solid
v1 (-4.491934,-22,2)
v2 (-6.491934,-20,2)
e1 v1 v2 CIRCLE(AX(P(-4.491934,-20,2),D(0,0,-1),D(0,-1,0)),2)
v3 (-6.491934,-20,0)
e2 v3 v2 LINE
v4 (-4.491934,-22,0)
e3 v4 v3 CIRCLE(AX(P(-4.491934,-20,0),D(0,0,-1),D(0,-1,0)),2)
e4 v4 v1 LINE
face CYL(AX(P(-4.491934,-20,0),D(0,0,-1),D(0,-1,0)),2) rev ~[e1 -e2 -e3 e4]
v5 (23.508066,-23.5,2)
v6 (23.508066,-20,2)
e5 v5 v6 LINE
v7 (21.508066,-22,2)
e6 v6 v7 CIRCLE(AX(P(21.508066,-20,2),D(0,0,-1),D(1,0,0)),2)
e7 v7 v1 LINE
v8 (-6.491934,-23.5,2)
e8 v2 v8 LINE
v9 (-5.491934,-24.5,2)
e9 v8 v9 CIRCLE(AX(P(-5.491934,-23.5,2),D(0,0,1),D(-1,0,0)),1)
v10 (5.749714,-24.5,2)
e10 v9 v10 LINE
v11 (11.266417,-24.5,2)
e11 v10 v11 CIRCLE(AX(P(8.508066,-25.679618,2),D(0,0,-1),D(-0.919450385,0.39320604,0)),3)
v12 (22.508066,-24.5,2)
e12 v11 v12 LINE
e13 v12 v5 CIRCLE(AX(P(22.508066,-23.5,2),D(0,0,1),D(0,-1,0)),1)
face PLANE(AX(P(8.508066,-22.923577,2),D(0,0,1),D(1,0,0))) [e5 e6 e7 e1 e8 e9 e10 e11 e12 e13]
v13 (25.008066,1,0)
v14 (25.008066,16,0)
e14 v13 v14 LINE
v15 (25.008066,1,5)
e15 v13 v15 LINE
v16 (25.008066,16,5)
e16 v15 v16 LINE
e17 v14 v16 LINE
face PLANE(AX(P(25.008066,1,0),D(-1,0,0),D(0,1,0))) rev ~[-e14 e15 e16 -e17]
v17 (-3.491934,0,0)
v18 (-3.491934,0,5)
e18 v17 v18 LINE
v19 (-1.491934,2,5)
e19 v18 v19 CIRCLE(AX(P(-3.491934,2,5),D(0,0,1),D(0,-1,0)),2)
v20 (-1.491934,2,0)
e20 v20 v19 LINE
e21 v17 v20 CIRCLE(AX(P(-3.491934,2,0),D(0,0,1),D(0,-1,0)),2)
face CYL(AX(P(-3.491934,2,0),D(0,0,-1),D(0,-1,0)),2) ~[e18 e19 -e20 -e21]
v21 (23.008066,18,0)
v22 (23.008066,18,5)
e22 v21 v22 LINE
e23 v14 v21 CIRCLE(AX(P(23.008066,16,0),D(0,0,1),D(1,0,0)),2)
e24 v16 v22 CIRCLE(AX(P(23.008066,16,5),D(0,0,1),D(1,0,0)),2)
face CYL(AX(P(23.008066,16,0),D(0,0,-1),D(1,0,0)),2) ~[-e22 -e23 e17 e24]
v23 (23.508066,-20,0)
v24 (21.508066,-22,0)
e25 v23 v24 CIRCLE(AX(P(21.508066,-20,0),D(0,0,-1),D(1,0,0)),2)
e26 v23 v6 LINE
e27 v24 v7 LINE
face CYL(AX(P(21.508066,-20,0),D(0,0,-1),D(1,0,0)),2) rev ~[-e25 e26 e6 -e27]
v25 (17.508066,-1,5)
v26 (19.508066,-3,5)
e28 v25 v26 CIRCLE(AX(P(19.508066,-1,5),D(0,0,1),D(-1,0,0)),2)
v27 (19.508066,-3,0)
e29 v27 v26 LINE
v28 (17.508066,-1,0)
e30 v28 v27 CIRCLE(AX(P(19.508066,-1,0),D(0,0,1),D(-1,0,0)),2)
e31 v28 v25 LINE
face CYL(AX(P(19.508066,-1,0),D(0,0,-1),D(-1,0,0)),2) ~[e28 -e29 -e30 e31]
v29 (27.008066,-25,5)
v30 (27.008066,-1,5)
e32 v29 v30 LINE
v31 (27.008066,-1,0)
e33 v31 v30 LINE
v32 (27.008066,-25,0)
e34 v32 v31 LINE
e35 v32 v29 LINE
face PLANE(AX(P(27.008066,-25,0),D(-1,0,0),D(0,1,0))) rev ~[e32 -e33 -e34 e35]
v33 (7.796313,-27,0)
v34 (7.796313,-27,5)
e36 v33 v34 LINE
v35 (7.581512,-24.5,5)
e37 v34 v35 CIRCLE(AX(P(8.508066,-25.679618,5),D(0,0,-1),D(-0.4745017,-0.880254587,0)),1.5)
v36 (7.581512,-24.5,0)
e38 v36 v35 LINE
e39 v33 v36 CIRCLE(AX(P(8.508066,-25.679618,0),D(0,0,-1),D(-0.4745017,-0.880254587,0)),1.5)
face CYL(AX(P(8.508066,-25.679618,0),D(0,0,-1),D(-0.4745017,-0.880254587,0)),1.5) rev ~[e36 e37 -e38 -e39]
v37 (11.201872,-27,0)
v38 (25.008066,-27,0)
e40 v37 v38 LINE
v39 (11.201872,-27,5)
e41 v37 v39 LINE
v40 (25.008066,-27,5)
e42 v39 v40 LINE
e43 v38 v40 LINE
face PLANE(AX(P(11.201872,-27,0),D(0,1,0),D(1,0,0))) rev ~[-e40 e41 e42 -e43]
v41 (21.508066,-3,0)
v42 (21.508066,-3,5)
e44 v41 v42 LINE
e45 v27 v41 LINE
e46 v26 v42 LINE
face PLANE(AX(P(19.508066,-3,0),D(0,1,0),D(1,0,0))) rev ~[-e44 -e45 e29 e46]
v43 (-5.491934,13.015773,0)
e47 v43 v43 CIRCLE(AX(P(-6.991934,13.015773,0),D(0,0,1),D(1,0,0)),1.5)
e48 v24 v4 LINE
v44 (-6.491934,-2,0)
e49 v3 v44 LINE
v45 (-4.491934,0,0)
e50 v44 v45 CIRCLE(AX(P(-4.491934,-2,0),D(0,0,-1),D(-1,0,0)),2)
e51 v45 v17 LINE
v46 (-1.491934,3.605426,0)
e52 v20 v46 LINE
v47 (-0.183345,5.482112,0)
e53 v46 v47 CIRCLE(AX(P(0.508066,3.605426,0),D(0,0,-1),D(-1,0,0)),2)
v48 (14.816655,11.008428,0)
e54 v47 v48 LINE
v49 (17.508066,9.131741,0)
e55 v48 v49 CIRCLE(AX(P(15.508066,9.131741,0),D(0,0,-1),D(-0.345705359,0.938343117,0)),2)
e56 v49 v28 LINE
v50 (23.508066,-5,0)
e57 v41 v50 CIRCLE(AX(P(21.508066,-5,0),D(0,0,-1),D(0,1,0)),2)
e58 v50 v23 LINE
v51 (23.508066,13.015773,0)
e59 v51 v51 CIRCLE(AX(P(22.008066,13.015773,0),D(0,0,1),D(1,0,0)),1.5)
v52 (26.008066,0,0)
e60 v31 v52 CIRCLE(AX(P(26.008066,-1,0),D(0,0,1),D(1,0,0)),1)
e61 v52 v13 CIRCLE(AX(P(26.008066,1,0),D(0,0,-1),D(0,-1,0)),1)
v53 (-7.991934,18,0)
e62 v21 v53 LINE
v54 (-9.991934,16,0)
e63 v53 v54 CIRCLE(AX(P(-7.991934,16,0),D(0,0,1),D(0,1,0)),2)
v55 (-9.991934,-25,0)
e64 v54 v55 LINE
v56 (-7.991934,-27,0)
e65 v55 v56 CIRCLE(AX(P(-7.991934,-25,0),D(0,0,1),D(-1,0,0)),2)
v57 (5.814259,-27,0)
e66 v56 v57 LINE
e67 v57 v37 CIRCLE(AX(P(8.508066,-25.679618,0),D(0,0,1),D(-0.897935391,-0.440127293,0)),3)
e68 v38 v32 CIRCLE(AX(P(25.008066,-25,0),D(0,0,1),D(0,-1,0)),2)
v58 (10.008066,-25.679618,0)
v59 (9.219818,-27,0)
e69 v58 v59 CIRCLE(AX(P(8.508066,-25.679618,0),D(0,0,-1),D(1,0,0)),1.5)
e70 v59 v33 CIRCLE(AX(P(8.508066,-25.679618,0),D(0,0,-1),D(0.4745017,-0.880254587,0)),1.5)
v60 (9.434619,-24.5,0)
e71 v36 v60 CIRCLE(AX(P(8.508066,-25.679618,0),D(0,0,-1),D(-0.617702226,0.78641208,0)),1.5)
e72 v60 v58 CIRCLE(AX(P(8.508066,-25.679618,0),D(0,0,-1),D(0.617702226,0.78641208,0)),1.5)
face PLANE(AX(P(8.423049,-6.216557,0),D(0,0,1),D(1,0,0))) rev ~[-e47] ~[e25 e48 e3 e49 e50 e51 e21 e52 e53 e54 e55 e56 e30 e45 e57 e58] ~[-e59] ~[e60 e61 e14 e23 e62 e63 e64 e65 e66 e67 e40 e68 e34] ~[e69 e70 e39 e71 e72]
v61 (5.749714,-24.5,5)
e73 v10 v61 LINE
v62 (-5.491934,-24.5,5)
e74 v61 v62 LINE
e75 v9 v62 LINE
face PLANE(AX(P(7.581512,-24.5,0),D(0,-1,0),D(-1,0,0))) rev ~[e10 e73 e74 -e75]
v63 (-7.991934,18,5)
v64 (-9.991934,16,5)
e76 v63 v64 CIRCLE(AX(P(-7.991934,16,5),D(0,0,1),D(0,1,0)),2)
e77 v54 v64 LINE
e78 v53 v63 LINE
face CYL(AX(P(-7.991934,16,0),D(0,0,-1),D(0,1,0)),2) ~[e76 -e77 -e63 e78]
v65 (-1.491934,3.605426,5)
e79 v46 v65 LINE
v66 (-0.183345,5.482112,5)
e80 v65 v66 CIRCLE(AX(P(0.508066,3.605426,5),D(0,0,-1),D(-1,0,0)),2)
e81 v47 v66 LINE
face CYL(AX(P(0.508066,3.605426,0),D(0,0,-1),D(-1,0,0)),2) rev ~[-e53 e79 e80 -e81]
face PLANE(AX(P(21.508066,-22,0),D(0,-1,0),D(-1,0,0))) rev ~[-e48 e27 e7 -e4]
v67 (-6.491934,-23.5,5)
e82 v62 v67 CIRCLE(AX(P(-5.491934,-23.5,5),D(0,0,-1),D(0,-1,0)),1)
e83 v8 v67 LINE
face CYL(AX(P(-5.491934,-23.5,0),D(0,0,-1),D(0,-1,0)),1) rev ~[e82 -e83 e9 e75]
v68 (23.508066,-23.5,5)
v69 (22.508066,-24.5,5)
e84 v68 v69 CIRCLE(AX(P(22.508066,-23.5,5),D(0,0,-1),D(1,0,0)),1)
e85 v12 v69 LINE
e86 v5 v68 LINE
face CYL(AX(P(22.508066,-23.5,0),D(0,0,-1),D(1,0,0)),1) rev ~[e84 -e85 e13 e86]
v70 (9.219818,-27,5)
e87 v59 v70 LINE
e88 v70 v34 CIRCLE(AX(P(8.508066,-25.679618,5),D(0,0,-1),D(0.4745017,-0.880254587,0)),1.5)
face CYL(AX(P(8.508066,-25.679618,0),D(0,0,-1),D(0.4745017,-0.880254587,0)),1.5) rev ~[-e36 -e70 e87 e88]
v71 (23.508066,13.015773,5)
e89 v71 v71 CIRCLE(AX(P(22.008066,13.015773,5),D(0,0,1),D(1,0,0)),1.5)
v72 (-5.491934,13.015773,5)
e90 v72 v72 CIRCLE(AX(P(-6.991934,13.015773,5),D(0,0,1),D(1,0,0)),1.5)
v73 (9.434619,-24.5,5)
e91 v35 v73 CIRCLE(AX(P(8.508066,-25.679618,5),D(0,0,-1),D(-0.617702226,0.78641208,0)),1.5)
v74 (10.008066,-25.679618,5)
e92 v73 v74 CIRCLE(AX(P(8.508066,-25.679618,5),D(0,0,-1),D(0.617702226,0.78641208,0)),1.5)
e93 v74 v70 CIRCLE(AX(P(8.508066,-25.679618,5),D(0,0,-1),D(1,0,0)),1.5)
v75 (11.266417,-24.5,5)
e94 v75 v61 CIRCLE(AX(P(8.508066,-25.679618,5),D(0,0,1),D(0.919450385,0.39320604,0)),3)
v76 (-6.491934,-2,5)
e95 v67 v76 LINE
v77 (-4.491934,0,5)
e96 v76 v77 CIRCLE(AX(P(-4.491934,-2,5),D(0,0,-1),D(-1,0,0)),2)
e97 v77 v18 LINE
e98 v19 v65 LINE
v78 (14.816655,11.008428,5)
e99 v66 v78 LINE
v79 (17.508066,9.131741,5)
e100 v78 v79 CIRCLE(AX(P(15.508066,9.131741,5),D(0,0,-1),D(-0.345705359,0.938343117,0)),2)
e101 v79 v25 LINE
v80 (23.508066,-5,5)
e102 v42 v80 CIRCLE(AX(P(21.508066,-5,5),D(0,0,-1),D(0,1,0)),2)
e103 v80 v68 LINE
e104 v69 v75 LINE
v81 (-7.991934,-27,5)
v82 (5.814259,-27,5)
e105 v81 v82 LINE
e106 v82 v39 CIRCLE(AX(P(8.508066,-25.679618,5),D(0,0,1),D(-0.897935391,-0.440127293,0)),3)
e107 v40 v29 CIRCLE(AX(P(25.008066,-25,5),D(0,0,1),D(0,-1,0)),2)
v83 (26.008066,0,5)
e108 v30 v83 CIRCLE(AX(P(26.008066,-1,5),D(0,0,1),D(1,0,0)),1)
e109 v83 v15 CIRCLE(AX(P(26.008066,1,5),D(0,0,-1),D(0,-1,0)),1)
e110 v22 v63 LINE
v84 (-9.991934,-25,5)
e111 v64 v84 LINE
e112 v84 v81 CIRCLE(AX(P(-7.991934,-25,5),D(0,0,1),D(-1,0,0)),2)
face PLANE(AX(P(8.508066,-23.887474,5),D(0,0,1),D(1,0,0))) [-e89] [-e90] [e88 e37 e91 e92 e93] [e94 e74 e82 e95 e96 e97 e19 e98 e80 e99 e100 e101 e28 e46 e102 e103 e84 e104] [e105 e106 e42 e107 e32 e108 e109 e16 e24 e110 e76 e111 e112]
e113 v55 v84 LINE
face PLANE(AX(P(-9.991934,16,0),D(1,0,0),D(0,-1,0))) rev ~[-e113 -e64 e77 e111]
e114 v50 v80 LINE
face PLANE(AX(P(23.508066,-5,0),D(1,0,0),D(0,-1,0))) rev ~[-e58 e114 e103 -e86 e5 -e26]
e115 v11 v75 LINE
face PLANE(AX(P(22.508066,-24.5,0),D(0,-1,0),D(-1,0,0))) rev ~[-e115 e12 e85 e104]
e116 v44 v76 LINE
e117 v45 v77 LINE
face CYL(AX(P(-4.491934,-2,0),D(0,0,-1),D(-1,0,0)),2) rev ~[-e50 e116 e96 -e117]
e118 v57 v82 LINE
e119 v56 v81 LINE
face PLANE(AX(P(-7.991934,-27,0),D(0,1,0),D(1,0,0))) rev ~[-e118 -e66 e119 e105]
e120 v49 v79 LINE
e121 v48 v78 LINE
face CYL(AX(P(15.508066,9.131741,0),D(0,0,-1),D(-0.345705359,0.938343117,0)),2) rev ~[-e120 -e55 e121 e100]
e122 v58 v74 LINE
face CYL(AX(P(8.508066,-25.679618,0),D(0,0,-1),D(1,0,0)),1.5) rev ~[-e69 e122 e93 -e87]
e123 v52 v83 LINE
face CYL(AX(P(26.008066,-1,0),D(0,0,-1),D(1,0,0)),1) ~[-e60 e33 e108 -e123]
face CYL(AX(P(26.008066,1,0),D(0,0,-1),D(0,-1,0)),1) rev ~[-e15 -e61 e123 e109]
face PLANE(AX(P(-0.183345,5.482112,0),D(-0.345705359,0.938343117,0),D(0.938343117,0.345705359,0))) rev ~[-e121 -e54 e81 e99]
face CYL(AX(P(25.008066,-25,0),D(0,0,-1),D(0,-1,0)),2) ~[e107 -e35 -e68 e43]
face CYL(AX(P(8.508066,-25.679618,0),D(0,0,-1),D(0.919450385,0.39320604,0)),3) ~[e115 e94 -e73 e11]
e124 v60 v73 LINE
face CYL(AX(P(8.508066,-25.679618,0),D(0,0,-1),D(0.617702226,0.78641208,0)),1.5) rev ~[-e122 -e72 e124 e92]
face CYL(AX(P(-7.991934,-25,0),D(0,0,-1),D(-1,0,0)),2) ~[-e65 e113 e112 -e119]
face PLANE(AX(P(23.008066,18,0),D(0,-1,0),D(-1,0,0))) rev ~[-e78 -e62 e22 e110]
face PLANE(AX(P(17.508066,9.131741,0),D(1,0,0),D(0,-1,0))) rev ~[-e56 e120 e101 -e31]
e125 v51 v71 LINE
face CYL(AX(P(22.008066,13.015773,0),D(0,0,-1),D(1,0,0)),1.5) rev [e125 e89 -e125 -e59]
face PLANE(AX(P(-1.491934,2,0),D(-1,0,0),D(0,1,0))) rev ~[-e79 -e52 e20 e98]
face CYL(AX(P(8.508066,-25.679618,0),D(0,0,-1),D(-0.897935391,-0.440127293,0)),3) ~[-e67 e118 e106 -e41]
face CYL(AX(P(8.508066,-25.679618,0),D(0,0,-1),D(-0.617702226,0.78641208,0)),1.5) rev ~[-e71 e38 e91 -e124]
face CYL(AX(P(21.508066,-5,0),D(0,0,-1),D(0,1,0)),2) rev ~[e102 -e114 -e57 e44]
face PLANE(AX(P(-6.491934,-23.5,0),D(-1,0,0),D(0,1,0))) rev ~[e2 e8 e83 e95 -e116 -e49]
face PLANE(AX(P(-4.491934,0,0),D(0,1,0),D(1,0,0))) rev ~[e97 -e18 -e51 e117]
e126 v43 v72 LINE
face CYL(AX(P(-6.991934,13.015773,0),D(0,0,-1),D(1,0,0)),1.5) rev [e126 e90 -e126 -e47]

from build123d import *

# Parameters (mm, degrees)
F1_DEPTH = 2
F0_R     = 3
F0_R_2   = 1.5
F2_DEPTH = 5
F3_DEPTH = 5


with BuildPart() as f1:
    # F0 (on Top) → F1 (new body)
    with BuildSketch(Plane.XY):
        with BuildLine():
            Line((-5.4919344625, -24.5), (5.7497143832, -24.5))
            ThreePointArc((5.7497143832, -24.5), (8.5080655375, -22.6796181202), (11.2664166918, -24.5))
            Line((11.2664166918, -24.5), (22.5080655375, -24.5))
            ThreePointArc((22.5080655375, -24.5), (23.2151723187, -24.2071067812), (23.5080655375, -23.5))
            Line((23.5080655375, -23.5), (23.5080655375, -20))
            ThreePointArc((23.5080655375, -20), (22.9222790999, -21.4142135624), (21.5080655375, -22))
            Line((21.5080655375, -22), (-4.4919344625, -22))
            ThreePointArc((-4.4919344625, -22), (-5.9061480249, -21.4142135624), (-6.4919344625, -20))
            Line((-6.4919344625, -20), (-6.4919344625, -23.5))
            ThreePointArc((-6.4919344625, -23.5), (-6.1990412437, -24.2071067812), (-5.4919344625, -24.5))
        make_face()
    extrude(amount=F1_DEPTH)

    # F0 (on Top) → F2 (join)
    with BuildSketch(Plane.XY):
        with BuildLine():
            Line((23.0080655375, 18), (-7.9919344625, 18))
            ThreePointArc((-7.9919344625, 18), (-9.4061480249, 17.4142135624), (-9.9919344625, 16))
            Line((-9.9919344625, 16), (-9.9919344625, 13.0157731473))
            Line((-9.9919344625, 13.0157731473), (-9.9919344625, -25))
            ThreePointArc((-9.9919344625, -25), (-9.4061480249, -26.4142135624), (-7.9919344625, -27))
            Line((-7.9919344625, -27), (5.8142593657, -27))
            ThreePointArc((5.8142593657, -27), (5.5090648911, -25.7570462979), (5.7497143832, -24.5))
            Line((5.7497143832, -24.5), (-5.4919344625, -24.5))
            ThreePointArc((-5.4919344625, -24.5), (-6.1990412437, -24.2071067812), (-6.4919344625, -23.5))
            Line((-6.4919344625, -23.5), (-6.4919344625, -20))
            Line((-6.4919344625, -20), (-6.4919344625, -2))
            ThreePointArc((-6.4919344625, -2), (-5.9061480249, -0.5857864376), (-4.4919344625, 0))
            Line((-4.4919344625, 0), (-3.4919344625, 0))
            ThreePointArc((-3.4919344625, 0), (-2.0777209001, 0.5857864376), (-1.4919344625, 2))
            Line((-1.4919344625, 2), (-1.4919344625, 3.6054256072))
            ThreePointArc((-1.4919344625, 3.6054256072), (-1.1324864177, 4.7493614806), (-0.1833451802, 5.4821118409))
            Line((-0.1833451802, 5.4821118409), (14.8166548198, 11.0084276303))
            ThreePointArc((14.8166548198, 11.0084276303), (16.6520014109, 10.7722933519), (17.5080655375, 9.1317413967))
            Line((17.5080655375, 9.1317413967), (17.5080655375, -1))
            ThreePointArc((17.5080655375, -1), (18.0938519751, -2.4142135624), (19.5080655375, -3))
            Line((19.5080655375, -3), (21.5080655375, -3))
            ThreePointArc((21.5080655375, -3), (22.9222790999, -3.5857864376), (23.5080655375, -5))
            Line((23.5080655375, -5), (23.5080655375, -20))
            Line((23.5080655375, -20), (23.5080655375, -23.5))
            ThreePointArc((23.5080655375, -23.5), (23.2151723187, -24.2071067812), (22.5080655375, -24.5))
            Line((22.5080655375, -24.5), (11.2664166918, -24.5))
            ThreePointArc((11.2664166918, -24.5), (11.4470324872, -25.0775605909), (11.5080655375, -25.6796181202))
            ThreePointArc((11.5080655375, -25.6796181202), (11.4305147257, -26.357328045), (11.2018717093, -27))
            Line((11.2018717093, -27), (25.0080655375, -27))
            ThreePointArc((25.0080655375, -27), (26.4222790999, -26.4142135624), (27.0080655375, -25))
            Line((27.0080655375, -25), (27.0080655375, -1))
            ThreePointArc((27.0080655375, -1), (26.7151723187, -0.2928932188), (26.0080655375, 0))
            ThreePointArc((26.0080655375, 0), (25.3009587563, 0.2928932188), (25.0080655375, 1))
            Line((25.0080655375, 1), (25.0080655375, 13.0157731473))
            Line((25.0080655375, 13.0157731473), (25.0080655375, 16))
            ThreePointArc((25.0080655375, 16), (24.4222790999, 17.4142135624), (23.0080655375, 18))
        make_face()
        with BuildLine():
            ThreePointArc((-3.9919344625, 13.0157731473), (-6.9919344625, 10.0157731473), (-9.9919344625, 13.0157731473))
            ThreePointArc((-9.9919344625, 13.0157731473), (-6.9919344625, 16.0157731473), (-3.9919344625, 13.0157731473))
        make_face(mode=Mode.SUBTRACT)
        with Locations((22.0080655375, 13.0157731473)):
            Circle(F0_R, mode=Mode.SUBTRACT)
        with BuildLine():
            ThreePointArc((-3.9919344625, 13.0157731473), (-6.9919344625, 16.0157731473), (-9.9919344625, 13.0157731473))
            ThreePointArc((-9.9919344625, 13.0157731473), (-6.9919344625, 10.0157731473), (-3.9919344625, 13.0157731473))
        make_face()
        with Locations((-6.9919344625, 13.0157731473)):
            Circle(F0_R_2, mode=Mode.SUBTRACT)
        with Locations((22.0080655375, 13.0157731473)):
            Circle(F0_R)
        with Locations((22.0080655375, 13.0157731473)):
            Circle(F0_R_2, mode=Mode.SUBTRACT)
        with BuildLine():
            Line((7.7963129882, -27), (5.8142593657, -27))
            ThreePointArc((5.8142593657, -27), (8.5080655375, -28.6796181202), (11.2018717093, -27))
            Line((11.2018717093, -27), (9.2198180868, -27))
            ThreePointArc((9.2198180868, -27), (8.5080655375, -27.1796181202), (7.7963129882, -27))
        make_face()
        with BuildLine():
            ThreePointArc((5.7497143832, -24.5), (5.5090648911, -25.7570462979), (5.8142593657, -27))
            Line((5.8142593657, -27), (7.7963129882, -27))
            ThreePointArc((7.7963129882, -27), (7.0135717951, -25.8080254948), (7.5815121982, -24.5))
            Line((7.5815121982, -24.5), (5.7497143832, -24.5))
        make_face()
        with BuildLine():
            Line((9.2198180868, -27), (11.2018717093, -27))
            ThreePointArc((11.2018717093, -27), (11.4305147257, -26.357328045), (11.5080655375, -25.6796181202))
            ThreePointArc((11.5080655375, -25.6796181202), (11.4470324872, -25.0775605909), (11.2664166918, -24.5))
            Line((11.2664166918, -24.5), (9.4346188768, -24.5))
            ThreePointArc((9.4346188768, -24.5), (9.857107792, -25.0238094625), (10.0080655375, -25.6796181202))
            ThreePointArc((10.0080655375, -25.6796181202), (9.7960152306, -26.4485040597), (9.2198180868, -27))
        make_face()
    extrude(amount=F2_DEPTH)

    # F0 (on Top) → F3 (join)
    with BuildSketch(Plane.XY):
        with BuildLine():
            ThreePointArc((11.2664166918, -24.5), (8.5080655375, -22.6796181202), (5.7497143832, -24.5))
            Line((5.7497143832, -24.5), (7.5815121982, -24.5))
            ThreePointArc((7.5815121982, -24.5), (8.5080655375, -24.1796181202), (9.4346188768, -24.5))
            Line((9.4346188768, -24.5), (11.2664166918, -24.5))
        make_face()
    extrude(amount=F3_DEPTH)


solid = f1.part
